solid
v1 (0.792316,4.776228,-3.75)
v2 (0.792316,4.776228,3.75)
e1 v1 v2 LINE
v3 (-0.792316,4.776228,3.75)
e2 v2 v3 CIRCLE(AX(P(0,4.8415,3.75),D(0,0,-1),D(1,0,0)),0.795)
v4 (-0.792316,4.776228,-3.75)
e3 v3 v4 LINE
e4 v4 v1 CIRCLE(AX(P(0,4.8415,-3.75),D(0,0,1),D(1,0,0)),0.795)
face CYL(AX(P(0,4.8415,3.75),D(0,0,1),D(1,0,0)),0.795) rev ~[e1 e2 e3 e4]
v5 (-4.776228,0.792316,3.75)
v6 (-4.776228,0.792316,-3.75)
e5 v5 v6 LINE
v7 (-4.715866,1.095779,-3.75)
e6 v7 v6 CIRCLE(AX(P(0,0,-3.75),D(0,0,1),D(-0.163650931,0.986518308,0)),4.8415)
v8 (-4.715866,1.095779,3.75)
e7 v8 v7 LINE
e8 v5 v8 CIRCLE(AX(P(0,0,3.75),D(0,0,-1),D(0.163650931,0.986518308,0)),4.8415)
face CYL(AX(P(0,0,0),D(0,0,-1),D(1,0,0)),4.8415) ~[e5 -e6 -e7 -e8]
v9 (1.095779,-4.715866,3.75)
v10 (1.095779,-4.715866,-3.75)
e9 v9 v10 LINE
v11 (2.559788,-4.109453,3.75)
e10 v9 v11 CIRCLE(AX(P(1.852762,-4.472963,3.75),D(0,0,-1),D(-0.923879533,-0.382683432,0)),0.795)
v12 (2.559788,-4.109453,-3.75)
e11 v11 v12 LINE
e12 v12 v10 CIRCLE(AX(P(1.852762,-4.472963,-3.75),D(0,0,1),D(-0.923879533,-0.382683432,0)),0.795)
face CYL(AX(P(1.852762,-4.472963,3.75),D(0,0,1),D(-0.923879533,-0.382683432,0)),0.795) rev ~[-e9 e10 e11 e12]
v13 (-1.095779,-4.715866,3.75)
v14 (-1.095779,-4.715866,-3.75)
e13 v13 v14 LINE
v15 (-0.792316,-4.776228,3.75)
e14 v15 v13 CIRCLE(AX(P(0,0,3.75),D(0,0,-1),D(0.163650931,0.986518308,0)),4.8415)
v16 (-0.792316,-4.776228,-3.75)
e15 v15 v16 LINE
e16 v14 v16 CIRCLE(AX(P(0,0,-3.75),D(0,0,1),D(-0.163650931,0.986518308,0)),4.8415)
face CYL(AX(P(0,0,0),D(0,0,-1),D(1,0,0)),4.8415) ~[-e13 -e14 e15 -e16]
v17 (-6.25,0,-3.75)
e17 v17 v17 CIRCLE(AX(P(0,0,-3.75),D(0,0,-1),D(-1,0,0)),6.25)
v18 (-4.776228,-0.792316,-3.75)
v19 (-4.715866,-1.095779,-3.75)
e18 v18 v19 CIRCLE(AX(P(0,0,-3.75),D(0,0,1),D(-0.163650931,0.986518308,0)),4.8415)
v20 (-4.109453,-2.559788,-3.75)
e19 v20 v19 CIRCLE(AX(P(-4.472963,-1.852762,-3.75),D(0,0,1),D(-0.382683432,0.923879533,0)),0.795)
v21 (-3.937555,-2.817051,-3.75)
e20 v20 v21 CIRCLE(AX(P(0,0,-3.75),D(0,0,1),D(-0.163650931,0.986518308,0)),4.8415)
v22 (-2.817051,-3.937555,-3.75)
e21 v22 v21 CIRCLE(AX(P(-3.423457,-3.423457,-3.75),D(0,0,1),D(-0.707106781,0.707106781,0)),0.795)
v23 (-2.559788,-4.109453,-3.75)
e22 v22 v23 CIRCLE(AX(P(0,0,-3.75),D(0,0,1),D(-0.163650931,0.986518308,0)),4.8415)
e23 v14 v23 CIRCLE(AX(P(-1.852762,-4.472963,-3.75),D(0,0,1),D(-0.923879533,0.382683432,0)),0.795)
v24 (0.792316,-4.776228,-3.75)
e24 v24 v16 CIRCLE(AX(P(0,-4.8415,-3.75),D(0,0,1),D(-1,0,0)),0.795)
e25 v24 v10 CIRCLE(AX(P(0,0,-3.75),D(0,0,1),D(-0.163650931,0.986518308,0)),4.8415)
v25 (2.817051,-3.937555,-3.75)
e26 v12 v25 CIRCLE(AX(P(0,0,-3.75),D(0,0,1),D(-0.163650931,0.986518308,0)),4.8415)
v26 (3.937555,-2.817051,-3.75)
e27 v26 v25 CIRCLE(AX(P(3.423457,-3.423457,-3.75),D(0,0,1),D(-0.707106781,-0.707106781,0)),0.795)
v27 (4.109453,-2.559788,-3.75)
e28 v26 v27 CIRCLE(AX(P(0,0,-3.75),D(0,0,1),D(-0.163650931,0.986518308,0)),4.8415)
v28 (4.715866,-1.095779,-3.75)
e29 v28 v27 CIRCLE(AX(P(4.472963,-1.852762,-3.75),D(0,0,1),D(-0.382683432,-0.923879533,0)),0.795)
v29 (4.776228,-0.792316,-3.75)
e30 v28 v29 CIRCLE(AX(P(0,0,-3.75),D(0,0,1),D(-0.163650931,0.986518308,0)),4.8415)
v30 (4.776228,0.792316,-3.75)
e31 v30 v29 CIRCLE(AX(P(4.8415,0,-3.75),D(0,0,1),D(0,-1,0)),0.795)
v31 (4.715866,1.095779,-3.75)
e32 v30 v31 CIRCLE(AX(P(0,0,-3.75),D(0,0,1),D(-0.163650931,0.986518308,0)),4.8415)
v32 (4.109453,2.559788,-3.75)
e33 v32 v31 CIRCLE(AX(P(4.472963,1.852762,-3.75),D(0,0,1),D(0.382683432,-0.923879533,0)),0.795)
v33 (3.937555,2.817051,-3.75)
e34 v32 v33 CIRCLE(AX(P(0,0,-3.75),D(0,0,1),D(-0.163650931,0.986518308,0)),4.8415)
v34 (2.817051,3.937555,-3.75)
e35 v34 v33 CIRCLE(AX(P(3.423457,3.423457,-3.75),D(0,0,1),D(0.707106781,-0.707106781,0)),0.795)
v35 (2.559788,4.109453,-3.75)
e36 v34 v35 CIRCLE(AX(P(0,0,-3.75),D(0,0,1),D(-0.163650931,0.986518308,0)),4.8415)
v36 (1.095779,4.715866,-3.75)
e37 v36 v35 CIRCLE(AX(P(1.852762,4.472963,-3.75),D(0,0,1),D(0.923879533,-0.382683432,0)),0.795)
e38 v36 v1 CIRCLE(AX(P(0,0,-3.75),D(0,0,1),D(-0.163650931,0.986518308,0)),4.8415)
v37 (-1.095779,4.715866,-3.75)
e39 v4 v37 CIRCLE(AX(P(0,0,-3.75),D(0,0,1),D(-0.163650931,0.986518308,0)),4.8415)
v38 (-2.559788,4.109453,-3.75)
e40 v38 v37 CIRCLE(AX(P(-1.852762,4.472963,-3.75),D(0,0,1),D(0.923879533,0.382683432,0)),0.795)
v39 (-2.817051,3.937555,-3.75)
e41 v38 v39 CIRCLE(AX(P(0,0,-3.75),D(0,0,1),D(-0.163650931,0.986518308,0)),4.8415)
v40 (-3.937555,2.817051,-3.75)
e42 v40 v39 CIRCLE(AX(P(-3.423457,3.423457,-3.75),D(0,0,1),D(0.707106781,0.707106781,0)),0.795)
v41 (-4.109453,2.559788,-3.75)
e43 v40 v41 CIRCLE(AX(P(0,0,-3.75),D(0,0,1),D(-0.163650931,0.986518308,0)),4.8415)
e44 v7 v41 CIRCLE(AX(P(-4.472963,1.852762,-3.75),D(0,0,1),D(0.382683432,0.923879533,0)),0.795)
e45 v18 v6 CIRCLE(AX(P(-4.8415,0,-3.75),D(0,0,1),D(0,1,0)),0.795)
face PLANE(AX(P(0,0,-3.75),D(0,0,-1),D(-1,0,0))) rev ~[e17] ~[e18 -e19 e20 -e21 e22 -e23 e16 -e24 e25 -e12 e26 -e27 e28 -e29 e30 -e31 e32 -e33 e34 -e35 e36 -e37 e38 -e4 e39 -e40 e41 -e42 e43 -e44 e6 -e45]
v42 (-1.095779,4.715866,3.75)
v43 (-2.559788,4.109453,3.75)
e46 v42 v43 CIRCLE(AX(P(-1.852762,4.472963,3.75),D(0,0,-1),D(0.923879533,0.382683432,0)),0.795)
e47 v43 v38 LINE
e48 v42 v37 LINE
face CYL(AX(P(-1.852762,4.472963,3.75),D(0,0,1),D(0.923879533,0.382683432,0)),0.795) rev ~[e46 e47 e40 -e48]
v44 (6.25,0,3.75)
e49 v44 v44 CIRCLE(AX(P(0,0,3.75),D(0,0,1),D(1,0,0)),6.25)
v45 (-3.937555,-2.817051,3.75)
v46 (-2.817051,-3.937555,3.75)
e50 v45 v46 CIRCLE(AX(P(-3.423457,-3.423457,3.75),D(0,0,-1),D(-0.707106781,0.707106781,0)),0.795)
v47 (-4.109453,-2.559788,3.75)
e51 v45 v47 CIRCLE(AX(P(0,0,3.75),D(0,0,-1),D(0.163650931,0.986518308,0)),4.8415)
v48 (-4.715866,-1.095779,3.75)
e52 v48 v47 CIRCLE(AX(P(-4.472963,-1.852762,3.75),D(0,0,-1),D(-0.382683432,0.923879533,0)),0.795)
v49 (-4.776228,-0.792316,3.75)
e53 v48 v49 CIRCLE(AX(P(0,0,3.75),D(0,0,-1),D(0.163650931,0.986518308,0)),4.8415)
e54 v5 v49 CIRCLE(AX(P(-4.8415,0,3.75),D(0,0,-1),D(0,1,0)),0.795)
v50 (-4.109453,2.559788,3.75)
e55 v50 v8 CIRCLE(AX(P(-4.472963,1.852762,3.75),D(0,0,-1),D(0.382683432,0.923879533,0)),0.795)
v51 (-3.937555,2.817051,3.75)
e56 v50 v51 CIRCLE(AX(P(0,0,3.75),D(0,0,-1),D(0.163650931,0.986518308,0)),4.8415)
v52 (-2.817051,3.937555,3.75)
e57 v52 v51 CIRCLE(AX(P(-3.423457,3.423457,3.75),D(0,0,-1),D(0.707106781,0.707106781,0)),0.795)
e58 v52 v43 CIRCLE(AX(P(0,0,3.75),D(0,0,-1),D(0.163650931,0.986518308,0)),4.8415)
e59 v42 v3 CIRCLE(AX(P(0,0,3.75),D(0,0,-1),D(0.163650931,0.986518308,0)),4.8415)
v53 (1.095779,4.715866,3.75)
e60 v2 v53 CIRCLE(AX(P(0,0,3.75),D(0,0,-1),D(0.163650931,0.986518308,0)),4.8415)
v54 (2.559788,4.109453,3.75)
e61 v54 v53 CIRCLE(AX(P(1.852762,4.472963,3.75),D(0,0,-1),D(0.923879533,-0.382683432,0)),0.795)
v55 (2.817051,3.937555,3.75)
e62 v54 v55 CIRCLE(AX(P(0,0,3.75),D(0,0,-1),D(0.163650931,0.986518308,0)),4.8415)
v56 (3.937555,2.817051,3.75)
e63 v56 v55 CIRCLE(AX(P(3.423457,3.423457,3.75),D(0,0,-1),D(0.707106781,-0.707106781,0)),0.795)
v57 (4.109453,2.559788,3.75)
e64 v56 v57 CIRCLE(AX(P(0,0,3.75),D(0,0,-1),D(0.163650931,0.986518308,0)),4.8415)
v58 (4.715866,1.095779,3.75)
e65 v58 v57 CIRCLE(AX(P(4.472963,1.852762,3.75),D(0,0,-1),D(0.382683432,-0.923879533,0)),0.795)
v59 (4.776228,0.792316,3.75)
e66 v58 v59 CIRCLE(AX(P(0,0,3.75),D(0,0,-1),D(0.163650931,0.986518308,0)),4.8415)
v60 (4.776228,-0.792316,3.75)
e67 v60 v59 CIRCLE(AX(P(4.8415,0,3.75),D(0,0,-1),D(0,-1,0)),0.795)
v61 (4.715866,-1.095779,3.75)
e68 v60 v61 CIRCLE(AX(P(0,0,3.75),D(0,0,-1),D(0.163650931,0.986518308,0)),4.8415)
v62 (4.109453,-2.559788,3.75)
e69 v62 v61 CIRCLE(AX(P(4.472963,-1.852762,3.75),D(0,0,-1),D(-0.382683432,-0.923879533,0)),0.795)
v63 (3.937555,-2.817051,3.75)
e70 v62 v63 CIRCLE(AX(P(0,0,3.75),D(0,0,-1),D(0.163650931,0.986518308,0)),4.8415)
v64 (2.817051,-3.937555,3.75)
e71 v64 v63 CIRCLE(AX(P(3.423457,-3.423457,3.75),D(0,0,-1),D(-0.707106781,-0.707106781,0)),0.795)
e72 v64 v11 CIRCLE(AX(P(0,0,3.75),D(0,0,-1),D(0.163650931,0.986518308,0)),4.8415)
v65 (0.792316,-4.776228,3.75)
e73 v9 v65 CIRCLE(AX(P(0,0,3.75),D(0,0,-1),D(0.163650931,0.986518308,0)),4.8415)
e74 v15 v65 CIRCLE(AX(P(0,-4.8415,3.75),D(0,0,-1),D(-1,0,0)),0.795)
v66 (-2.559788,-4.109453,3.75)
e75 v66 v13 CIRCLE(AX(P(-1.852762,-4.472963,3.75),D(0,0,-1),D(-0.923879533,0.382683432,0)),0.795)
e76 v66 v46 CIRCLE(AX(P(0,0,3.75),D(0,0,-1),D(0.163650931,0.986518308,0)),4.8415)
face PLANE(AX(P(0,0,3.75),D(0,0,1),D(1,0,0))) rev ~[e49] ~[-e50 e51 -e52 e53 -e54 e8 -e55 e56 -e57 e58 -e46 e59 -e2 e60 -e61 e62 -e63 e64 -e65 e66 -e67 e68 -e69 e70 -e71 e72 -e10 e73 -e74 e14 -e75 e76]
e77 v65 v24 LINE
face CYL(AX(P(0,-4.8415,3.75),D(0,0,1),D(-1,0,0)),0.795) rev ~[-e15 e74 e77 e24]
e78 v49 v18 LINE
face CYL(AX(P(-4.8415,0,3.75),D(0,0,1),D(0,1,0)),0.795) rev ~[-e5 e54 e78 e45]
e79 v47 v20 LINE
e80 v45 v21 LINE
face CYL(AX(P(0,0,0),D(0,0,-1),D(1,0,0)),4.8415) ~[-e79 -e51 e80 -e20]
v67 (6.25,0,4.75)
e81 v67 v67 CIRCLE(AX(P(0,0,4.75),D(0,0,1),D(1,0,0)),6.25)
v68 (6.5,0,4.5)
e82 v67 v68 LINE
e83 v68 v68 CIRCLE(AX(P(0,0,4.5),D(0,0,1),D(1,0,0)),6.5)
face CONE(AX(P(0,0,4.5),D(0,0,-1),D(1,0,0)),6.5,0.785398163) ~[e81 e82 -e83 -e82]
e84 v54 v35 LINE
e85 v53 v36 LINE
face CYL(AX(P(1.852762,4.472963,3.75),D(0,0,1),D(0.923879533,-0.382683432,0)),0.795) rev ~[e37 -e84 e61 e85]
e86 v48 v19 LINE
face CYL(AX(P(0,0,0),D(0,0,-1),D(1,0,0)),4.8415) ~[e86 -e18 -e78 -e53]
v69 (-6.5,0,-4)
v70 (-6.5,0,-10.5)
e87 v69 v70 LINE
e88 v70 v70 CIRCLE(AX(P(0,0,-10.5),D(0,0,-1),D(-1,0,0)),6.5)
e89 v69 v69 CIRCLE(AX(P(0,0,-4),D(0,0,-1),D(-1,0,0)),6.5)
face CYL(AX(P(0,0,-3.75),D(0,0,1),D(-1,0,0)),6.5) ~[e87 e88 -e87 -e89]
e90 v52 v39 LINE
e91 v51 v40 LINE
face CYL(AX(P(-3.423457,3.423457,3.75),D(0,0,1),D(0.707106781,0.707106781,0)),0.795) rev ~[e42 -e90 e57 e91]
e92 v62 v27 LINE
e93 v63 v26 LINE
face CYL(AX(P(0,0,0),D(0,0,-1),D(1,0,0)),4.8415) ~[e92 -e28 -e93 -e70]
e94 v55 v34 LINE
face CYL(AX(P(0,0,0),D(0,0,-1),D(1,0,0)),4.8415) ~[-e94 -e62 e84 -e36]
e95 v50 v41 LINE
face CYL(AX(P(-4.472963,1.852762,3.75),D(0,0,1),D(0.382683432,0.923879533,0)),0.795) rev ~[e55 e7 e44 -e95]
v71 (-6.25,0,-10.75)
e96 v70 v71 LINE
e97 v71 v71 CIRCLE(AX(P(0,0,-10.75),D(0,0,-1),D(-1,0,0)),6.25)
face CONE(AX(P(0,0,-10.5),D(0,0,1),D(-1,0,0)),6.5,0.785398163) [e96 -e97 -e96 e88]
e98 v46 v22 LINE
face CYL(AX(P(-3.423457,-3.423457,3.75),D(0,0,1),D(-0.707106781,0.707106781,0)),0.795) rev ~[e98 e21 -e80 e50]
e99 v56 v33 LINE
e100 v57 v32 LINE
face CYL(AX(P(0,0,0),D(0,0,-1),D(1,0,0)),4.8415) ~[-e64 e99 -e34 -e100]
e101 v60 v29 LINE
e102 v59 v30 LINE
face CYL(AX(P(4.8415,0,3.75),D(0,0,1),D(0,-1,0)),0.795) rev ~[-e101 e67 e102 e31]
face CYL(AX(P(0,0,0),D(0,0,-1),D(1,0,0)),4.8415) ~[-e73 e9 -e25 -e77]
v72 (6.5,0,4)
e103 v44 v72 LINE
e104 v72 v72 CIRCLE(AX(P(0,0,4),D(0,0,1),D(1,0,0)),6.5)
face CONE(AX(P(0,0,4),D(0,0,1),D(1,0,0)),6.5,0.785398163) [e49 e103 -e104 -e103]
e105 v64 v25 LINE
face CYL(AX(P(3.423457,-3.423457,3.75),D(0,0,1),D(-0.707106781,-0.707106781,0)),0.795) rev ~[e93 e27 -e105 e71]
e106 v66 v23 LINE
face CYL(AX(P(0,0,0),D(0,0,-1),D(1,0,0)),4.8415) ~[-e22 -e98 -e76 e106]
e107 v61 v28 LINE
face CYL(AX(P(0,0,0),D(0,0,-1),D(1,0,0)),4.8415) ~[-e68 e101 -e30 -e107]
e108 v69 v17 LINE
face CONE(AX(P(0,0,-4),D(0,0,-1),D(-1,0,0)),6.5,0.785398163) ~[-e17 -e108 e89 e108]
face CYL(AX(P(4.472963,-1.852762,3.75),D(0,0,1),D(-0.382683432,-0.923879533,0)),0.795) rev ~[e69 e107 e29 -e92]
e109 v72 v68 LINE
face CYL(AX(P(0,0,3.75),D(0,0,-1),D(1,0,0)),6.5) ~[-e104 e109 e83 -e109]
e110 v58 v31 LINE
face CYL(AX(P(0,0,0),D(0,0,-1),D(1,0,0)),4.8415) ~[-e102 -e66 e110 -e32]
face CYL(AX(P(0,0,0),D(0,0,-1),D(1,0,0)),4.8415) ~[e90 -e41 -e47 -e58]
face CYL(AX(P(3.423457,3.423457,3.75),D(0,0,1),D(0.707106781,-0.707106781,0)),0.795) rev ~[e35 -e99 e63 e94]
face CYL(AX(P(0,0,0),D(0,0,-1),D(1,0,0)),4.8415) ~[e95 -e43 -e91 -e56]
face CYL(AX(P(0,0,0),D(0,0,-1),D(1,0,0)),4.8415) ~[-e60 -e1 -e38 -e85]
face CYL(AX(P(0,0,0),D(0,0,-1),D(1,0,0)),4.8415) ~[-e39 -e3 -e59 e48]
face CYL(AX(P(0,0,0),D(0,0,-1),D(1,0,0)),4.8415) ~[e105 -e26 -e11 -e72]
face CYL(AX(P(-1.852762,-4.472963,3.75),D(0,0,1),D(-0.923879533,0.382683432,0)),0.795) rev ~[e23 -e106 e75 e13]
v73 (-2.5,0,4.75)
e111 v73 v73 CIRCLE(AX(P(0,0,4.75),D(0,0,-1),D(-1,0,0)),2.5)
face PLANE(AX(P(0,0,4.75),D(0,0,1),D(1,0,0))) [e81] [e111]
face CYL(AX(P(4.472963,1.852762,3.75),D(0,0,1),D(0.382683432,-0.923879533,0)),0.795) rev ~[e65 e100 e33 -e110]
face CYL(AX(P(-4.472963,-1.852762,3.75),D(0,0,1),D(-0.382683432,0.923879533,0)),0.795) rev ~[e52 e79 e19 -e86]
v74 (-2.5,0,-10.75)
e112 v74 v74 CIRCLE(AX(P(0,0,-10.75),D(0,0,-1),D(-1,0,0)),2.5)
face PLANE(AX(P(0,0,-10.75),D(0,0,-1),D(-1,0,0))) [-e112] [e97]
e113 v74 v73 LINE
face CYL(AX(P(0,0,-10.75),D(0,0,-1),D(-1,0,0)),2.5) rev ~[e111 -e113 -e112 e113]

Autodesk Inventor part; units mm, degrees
ref_plane "YZ Plane" through (0, 0, 0) normal (1, 0, 0) x (0, 1, 0)
ref_plane "XZ Plane" through (0, 0, 0) normal (0, 1, 0) x (-1, 0, 0)
ref_plane "XY Plane" through (0, 0, 0) normal (0, 0, 1) x (1, 0, 0)
sketch "Sketch1" plane through (0, 0, 0) normal (0, 0, 1) x (1, 0, 0)
  circle A0 centre (0, 0) radius 4.8415
  dimension "d0" = 9.6831
extrude "Extrusion1" add sketch "Sketch1" along normal mid plane 7.5
sketch "Sketch2" plane through (0, 0, 3.75) normal (0, 0, 1) x (1, 0, 0)
  circle A0 centre (0, 0) radius 4.8415 projected
  circle A1 centre (0, 4.8415) radius 0.795
  dimension "d4" = 1.59
extrude "Extrusion2" cut sketch "Sketch2" against normal through all contours A1 A0 | A0 A1 picked at (0, 4.5717) picked at (0.0219, 5.1007)
pattern_circular "Circular Pattern1" count 16 over 360 about axis through (0, 0, 0) along (0, 0, 1) of "Extrusion2"
sketch "Sketch3" plane through (0, 0, 3.75) normal (0, 0, 1) x (1, 0, 0)
  arc A0 (2.8171, 3.9376) -> (2.5598, 4.1095) centre (0, 0) ccw projected
  circle A1 centre (0, 0) radius 6.5
  dimension "d11" = 13
extrude "Extrusion3" add sketch "Sketch3" along normal blind 1
sketch "Sketch4" plane through (0, 0, -3.75) normal (0, 0, -1) x (-1, 0, 0)
  circle A0 centre (0, 0) radius 6.5 projected
extrude "Extrusion4" add sketch "Sketch4" along normal blind 7
sketch "Sketch5" plane through (0, 0, -10.75) normal (0, 0, -1) x (-1, 0, 0)
  circle A0 centre (0, 0) radius 6.5 projected
  circle A1 centre (0, 0) radius 2.5
  dimension "d17" = 5
extrude "Extrusion5" cut sketch "Sketch5" against normal through all contours A1
chamfer "Chamfer1" distance 0.25 angle 45 4 edges at (6.5, 0, -10.75) (6.5, 0, -3.75) (-6.5, 0, 3.75) (-6.5, 0, 4.75)
properties part number "drive pulley"
